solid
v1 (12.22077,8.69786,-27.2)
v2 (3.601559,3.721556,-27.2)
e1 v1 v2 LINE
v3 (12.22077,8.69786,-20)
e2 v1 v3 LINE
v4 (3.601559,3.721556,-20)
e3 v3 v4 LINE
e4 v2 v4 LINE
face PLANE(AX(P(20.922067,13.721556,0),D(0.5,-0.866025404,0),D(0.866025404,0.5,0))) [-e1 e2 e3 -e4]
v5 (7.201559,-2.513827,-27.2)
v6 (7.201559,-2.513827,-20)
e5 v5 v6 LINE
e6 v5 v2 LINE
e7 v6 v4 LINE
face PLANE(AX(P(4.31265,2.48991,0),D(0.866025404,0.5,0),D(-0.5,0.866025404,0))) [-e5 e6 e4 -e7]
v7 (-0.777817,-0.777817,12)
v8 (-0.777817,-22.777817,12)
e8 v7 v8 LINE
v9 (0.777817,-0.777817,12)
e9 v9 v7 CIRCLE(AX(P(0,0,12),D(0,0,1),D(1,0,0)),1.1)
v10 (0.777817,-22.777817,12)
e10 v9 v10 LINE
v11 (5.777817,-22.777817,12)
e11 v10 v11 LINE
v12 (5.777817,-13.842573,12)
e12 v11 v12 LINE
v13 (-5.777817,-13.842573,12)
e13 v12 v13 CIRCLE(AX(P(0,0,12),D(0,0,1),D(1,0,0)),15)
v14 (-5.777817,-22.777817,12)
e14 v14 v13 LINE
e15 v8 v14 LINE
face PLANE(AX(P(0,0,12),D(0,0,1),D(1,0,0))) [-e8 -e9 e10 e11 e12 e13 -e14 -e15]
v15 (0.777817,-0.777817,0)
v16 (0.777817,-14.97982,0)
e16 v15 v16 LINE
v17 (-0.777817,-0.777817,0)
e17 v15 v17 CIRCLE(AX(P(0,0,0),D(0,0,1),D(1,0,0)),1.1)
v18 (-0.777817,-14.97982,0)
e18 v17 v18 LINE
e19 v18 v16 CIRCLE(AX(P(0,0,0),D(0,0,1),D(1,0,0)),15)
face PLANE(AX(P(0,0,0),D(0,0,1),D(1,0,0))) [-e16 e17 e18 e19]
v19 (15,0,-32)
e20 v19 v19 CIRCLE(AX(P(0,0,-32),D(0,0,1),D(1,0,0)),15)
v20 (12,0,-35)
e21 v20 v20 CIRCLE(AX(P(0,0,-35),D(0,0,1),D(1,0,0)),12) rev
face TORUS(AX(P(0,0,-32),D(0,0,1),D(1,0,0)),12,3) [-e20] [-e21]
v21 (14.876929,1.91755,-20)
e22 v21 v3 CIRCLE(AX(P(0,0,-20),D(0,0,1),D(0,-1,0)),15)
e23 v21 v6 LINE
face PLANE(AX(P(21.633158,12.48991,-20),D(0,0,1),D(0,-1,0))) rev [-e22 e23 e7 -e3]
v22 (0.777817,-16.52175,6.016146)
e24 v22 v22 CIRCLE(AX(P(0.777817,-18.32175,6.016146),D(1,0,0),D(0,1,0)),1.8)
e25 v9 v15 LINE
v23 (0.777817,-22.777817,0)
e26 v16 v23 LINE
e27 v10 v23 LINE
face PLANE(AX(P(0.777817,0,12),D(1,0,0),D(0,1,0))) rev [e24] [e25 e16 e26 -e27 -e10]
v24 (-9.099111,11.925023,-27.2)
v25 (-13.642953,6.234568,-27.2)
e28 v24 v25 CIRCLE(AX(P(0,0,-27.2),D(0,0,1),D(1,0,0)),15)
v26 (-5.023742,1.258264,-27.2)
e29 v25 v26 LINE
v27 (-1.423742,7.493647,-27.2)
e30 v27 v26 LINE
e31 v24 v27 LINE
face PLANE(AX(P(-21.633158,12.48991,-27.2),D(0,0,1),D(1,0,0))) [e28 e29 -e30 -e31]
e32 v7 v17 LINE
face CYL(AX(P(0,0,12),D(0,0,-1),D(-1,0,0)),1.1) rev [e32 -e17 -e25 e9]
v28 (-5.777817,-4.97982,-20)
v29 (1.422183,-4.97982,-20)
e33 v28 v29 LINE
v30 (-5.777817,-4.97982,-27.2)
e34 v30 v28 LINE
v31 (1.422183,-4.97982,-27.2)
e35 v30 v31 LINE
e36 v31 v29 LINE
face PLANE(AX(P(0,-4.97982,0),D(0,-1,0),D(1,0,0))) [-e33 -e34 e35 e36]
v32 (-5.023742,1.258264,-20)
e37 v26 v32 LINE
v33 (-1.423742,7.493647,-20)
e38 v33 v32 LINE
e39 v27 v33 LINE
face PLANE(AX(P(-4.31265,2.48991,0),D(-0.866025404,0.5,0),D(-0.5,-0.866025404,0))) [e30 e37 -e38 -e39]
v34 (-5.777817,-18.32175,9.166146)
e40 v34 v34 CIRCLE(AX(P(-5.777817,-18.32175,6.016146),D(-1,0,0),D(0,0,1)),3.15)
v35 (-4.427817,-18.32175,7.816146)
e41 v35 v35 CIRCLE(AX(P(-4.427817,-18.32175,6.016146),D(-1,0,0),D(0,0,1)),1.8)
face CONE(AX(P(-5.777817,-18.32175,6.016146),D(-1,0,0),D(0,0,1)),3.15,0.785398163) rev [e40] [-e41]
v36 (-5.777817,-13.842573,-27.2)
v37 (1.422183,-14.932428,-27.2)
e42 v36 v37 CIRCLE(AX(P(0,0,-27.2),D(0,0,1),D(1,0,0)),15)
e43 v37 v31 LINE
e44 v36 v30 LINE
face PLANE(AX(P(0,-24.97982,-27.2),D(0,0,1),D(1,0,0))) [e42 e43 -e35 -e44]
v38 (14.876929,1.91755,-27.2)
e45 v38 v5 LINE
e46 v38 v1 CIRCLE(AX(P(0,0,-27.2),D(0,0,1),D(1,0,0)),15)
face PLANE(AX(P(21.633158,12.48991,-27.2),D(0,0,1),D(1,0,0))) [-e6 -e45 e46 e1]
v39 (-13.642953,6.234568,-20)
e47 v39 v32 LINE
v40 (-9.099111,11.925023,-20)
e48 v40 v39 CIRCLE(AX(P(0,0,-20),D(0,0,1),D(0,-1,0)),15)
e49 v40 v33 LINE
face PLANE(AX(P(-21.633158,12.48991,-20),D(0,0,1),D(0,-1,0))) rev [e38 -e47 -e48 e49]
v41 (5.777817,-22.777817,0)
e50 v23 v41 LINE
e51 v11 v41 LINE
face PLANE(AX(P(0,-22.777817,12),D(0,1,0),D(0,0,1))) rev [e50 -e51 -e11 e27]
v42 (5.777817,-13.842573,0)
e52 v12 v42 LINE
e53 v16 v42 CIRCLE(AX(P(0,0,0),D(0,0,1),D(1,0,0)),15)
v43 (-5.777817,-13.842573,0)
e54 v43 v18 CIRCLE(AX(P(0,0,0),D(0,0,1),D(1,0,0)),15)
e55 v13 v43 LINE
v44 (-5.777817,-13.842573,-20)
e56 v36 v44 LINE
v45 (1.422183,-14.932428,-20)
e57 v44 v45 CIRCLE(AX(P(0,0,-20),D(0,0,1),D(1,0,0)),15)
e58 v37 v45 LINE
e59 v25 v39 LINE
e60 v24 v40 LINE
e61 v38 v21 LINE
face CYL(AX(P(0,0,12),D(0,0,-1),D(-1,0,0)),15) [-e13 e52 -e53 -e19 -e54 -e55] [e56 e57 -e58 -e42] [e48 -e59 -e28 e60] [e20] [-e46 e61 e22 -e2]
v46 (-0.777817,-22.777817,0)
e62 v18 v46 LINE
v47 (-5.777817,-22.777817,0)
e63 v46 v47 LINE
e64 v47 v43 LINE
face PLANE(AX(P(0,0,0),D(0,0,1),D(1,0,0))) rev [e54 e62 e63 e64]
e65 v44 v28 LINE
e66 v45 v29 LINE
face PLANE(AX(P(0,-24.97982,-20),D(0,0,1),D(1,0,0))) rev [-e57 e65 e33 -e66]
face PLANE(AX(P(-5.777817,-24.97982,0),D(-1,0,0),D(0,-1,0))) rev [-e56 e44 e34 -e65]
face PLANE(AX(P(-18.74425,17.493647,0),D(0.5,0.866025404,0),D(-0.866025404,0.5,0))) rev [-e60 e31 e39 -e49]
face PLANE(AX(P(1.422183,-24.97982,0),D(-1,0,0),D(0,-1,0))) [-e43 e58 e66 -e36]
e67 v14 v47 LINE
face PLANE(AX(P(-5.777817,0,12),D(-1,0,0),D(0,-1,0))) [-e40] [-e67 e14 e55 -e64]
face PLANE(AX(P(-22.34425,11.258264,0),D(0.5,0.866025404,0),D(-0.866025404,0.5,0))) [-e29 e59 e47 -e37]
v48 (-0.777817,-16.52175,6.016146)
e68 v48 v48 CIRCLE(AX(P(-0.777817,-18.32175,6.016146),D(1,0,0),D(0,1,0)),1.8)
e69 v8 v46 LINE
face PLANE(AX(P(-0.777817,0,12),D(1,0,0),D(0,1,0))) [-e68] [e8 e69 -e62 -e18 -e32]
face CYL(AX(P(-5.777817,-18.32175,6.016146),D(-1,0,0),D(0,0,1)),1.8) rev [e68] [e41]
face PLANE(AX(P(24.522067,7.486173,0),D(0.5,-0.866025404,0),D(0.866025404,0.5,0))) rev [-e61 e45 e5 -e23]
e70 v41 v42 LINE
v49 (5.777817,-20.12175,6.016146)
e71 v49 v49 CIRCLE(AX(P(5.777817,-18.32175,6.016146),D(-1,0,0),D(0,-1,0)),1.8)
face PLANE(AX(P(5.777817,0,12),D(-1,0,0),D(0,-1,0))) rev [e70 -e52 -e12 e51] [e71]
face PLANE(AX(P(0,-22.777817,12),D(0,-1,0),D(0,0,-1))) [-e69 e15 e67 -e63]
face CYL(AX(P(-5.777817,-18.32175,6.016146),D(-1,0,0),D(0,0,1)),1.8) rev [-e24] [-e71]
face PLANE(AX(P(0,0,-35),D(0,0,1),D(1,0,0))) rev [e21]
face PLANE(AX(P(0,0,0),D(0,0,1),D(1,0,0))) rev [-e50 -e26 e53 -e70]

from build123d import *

# Parameters (mm, degrees)
BOSS_EXTRUDE1_DEPTH                             = 12
BOSS_EXTRUDE2_START                             = -35
SKETCH1_4_R                                     = 15
BOSS_EXTRUDE2_DEPTH                             = 35
SKETCH4_W                                       = 7.2
SKETCH4_H                                       = 7.2
CUT_EXTRUDE1_DEPTH                              = 10
CIRPATTERN1_COUNT                               = 3
FILLET1_R                                       = 3
CSK_FOR_M3_OVAL_HEAD_MACHINE_SCREW1_D           = 3.6
CSK_FOR_M3_OVAL_HEAD_MACHINE_SCREW1_CSINK_D     = 6.3
CSK_FOR_M3_OVAL_HEAD_MACHINE_SCREW1_CSINK_ANGLE = 90


with BuildPart() as part:
    # Sketch1 → Boss-Extrude1 (new body)
    with BuildSketch(Plane.XY):
        with BuildLine():
            Line((-5.777817459, -22.777817459), (-0.777817459, -22.777817459))
            Line((-0.777817459, -22.777817459), (-0.777817459, -0.777817459))
            ThreePointArc((-0.777817459, -0.777817459), (0, 1.1), (0.777817459, -0.777817459))
            Line((0.777817459, -0.777817459), (0.777817459, -22.777817459))
            Line((0.777817459, -22.777817459), (5.777817459, -22.777817459))
            Line((5.777817459, -22.777817459), (5.777817459, -13.842572933))
            ThreePointArc((5.777817459, -13.842572933), (0, 15), (-5.777817459, -13.842572933))
            Line((-5.777817459, -13.842572933), (-5.777817459, -22.777817459))
        make_face()
    extrude(amount=BOSS_EXTRUDE1_DEPTH)

    # Sketch1<4> → Boss-Extrude2 (add)
    with BuildSketch(Plane.XY.offset(BOSS_EXTRUDE2_START)):
        Circle(SKETCH1_4_R)
    extrude(amount=BOSS_EXTRUDE2_DEPTH)

    # Sketch4 → Cut-Extrude1 (cut, symmetric)
    with BuildSketch(Plane(origin=(0, -14.979819759, 0), x_dir=(-1, 0, 0), z_dir=(0, -1, 0))):
        with Locations((2.177817459, 23.6)):
            Rectangle(SKETCH4_W, SKETCH4_H)
    cut_extrude1 = extrude(amount=CUT_EXTRUDE1_DEPTH, both=True, mode=Mode.SUBTRACT)

    # CirPattern1: Cut-Extrude1 ×3 about axis
    cirpattern1_axis = Axis((0, 0, 12), (0, 0, -1))
    for i in range(1, CIRPATTERN1_COUNT):
        add(cut_extrude1.rotate(cirpattern1_axis, i * 360 / CIRPATTERN1_COUNT), mode=Mode.SUBTRACT)

    # Fillet1
    fillet1_edges = [part.edges().sort_by_distance(p)[0] for p in [
        (-15, 0, -35),
    ]]
    fillet(fillet1_edges, radius=FILLET1_R)

    # CSK for M3 Oval Head Machine Screw1 (through all)
    with Locations(Plane.ZY.offset(5.777817459)):
        with Locations((6.016146397, -18.321749647)):
            CounterSinkHole(CSK_FOR_M3_OVAL_HEAD_MACHINE_SCREW1_D / 2, CSK_FOR_M3_OVAL_HEAD_MACHINE_SCREW1_CSINK_D / 2, counter_sink_angle=CSK_FOR_M3_OVAL_HEAD_MACHINE_SCREW1_CSINK_ANGLE)


solid = part.part
